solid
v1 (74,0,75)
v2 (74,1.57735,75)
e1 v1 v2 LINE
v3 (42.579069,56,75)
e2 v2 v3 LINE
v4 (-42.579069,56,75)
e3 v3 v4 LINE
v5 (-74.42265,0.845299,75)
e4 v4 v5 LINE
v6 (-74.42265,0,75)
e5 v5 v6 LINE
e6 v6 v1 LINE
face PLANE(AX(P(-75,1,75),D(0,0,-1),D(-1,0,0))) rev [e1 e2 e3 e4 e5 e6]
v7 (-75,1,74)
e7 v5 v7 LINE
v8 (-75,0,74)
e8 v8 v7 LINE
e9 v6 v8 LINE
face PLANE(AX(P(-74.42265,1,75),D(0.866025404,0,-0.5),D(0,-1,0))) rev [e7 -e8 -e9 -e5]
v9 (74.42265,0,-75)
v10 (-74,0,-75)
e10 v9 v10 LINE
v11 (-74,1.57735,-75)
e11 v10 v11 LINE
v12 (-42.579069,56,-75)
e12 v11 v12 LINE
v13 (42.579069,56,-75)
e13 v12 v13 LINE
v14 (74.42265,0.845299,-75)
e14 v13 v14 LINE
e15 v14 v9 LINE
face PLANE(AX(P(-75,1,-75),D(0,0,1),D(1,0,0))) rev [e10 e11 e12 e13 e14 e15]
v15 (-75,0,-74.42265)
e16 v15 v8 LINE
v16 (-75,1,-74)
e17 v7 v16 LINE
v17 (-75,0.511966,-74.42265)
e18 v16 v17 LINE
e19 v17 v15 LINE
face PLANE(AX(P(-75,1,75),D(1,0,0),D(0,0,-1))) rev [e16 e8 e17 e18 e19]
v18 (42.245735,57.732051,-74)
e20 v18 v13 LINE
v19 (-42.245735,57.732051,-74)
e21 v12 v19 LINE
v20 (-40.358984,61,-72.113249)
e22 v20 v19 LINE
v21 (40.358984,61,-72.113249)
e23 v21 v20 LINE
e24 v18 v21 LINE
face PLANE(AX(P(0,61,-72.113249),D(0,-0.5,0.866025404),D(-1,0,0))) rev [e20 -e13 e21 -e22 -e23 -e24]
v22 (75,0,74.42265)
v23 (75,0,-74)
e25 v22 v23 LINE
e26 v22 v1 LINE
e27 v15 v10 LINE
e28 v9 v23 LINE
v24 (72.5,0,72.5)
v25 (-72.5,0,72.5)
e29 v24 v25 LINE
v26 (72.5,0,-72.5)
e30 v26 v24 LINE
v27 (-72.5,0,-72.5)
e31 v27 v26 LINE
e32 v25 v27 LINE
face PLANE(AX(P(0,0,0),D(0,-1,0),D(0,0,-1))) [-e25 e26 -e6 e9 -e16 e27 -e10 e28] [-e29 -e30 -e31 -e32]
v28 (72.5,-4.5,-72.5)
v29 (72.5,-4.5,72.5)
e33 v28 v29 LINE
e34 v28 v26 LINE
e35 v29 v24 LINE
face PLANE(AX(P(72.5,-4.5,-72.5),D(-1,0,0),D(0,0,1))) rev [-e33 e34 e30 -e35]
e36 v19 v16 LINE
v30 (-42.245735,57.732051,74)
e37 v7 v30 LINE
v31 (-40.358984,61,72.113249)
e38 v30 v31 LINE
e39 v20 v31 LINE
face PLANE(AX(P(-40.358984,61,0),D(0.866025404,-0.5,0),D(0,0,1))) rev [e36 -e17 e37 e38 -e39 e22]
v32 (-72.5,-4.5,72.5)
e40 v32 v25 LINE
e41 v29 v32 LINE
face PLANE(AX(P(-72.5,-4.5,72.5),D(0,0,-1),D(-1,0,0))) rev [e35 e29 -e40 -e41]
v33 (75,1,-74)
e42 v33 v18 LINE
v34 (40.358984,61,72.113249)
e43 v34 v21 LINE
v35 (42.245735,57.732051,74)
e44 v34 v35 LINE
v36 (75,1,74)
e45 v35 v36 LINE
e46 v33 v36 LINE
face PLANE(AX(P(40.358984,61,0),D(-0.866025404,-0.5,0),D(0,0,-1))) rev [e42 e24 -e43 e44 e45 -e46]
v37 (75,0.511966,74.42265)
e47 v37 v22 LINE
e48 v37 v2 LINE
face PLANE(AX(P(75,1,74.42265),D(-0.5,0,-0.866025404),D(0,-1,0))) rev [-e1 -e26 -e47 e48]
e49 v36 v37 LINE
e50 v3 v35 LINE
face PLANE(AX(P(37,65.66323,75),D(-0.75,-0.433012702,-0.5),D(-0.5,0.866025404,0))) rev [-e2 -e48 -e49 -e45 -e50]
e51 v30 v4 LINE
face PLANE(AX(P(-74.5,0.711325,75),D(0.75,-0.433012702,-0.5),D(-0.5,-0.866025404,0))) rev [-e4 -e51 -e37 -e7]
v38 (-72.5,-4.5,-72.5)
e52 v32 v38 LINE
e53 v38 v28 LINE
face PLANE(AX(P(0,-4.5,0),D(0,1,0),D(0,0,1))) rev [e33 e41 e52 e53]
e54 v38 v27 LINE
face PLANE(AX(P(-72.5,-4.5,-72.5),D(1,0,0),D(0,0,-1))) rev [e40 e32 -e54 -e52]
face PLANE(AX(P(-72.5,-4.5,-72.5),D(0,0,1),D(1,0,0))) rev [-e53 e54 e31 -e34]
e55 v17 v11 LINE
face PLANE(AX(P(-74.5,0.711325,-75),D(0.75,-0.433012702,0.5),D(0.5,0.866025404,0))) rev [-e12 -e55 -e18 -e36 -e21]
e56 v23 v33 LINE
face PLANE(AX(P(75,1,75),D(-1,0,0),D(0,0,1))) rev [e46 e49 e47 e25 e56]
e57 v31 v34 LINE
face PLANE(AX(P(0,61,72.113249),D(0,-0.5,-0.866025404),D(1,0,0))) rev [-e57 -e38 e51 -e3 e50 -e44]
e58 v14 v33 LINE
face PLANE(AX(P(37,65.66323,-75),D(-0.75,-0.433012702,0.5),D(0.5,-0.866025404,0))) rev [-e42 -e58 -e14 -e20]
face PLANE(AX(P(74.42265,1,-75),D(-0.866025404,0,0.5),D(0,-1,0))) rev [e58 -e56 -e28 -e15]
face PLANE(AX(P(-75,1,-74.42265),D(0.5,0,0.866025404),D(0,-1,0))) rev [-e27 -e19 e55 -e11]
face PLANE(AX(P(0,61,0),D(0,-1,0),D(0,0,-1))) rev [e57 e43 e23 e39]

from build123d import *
from OCP.BRepFilletAPI import BRepFilletAPI_MakeChamfer

# Parameters (mm, degrees)
SKETCH1_W           = 150
SKETCH1_H           = 150
BOSS_EXTRUDE1_DEPTH = 1
SKETCH2_W           = 150
SKETCH2_H           = 150
BOSS_EXTRUDE2_DEPTH = 60
CHAMFER1_SIZE       = 60
CHAMFER1_SIZE2      = 34.641016151
CHAMFER2_SIZE       = 5
CHAMFER2_SIZE2      = 2.886751346
CHAMFER3_SIZE       = 1
CHAMFER3_SIZE2      = 0.577350269
CHAMFER4_SIZE       = 1
CHAMFER4_SIZE2      = 0.577350269
SKETCH3_W           = 145
SKETCH3_H           = 145
BOSS_EXTRUDE3_DEPTH = 4.5


with BuildPart() as part:
    # Sketch1 → Boss-Extrude1 (new body)
    with BuildSketch(Plane(origin=(0, 0, 0), x_dir=(1, 0, 0), z_dir=(0, 1, 0))):
        Rectangle(SKETCH1_W, SKETCH1_H)
    extrude(amount=BOSS_EXTRUDE1_DEPTH)

    # Sketch2 → Boss-Extrude2 (add)
    with BuildSketch(Plane(origin=(0, 1, 0), x_dir=(1, 0, 0), z_dir=(0, 1, 0))):
        Rectangle(SKETCH2_W, SKETCH2_H)
    extrude(amount=BOSS_EXTRUDE2_DEPTH)

    # Chamfer1: one chamfer whose edges measure the first distance from different faces: ONE call of the kernel's chamfer builder (chamfer() names one face for all edges)
    chamfer1_edges_1 = [part.edges().sort_by_distance(p)[0] for p in [
        (75, 61, 0),
    ]]
    chamfer1_side_1 = [part.faces().sort_by_distance(p)[0] for p in [
        (75, 30.5, 0),
    ]]
    chamfer1_edges_2 = [part.edges().sort_by_distance(p)[0] for p in [
        (-75, 61, 0),
    ]]
    chamfer1_side_2 = [part.faces().sort_by_distance(p)[0] for p in [
        (-75, 30.5, 0),
    ]]
    chamfer1 = BRepFilletAPI_MakeChamfer(part.part.solid().wrapped)
    for e in chamfer1_edges_1:
        chamfer1.Add(CHAMFER1_SIZE, CHAMFER1_SIZE2, e.wrapped, chamfer1_side_1[0].wrapped)  # the first distance lies on this face
    for e in chamfer1_edges_2:
        chamfer1.Add(CHAMFER1_SIZE, CHAMFER1_SIZE2, e.wrapped, chamfer1_side_2[0].wrapped)  # the first distance lies on this face
    add(Compound.cast(chamfer1.Shape()), mode=Mode.REPLACE)

    # Chamfer2: one chamfer whose edges measure the first distance from different faces: ONE call of the kernel's chamfer builder (chamfer() names one face for all edges)
    chamfer2_edges_1 = [part.edges().sort_by_distance(p)[0] for p in [
        (0, 61, -75),
    ]]
    chamfer2_side_1 = [part.faces().sort_by_distance(p)[0] for p in [
        (0, 27.413848587, -75),
    ]]
    chamfer2_edges_2 = [part.edges().sort_by_distance(p)[0] for p in [
        (0, 61, 75),
    ]]
    chamfer2_side_2 = [part.faces().sort_by_distance(p)[0] for p in [
        (0, 27.413848587, 75),
    ]]
    chamfer2 = BRepFilletAPI_MakeChamfer(part.part.solid().wrapped)
    for e in chamfer2_edges_1:
        chamfer2.Add(CHAMFER2_SIZE, CHAMFER2_SIZE2, e.wrapped, chamfer2_side_1[0].wrapped)  # the first distance lies on this face
    for e in chamfer2_edges_2:
        chamfer2.Add(CHAMFER2_SIZE, CHAMFER2_SIZE2, e.wrapped, chamfer2_side_2[0].wrapped)  # the first distance lies on this face
    add(Compound.cast(chamfer2.Shape()), mode=Mode.REPLACE)

    # Chamfer3: one chamfer whose edges measure the first distance from different faces: ONE call of the kernel's chamfer builder (chamfer() names one face for all edges)
    chamfer3_edges_1 = [part.edges().sort_by_distance(p)[0] for p in [
        (-75, 0.5, -75),
    ]]
    chamfer3_side_1 = [part.faces().sort_by_distance(p)[0] for p in [
        (0, 25.462591876, -75),
    ]]
    chamfer3_edges_2 = [part.edges().sort_by_distance(p)[0] for p in [
        (75, 0.5, -75),
    ]]
    chamfer3_side_2 = [part.faces().sort_by_distance(p)[0] for p in [
        (75, 0.5, 0),
    ]]
    chamfer3_edges_3 = [part.edges().sort_by_distance(p)[0] for p in [
        (75, 0.5, 75),
    ]]
    chamfer3_side_3 = [part.faces().sort_by_distance(p)[0] for p in [
        (0, 25.462591876, 75),
    ]]
    chamfer3_edges_4 = [part.edges().sort_by_distance(p)[0] for p in [
        (-75, 0.5, 75),
    ]]
    chamfer3_side_4 = [part.faces().sort_by_distance(p)[0] for p in [
        (-75, 0.5, 0),
    ]]
    chamfer3 = BRepFilletAPI_MakeChamfer(part.part.solid().wrapped)
    for e in chamfer3_edges_1:
        chamfer3.Add(CHAMFER3_SIZE, CHAMFER3_SIZE2, e.wrapped, chamfer3_side_1[0].wrapped)  # the first distance lies on this face
    for e in chamfer3_edges_2:
        chamfer3.Add(CHAMFER3_SIZE, CHAMFER3_SIZE2, e.wrapped, chamfer3_side_2[0].wrapped)  # the first distance lies on this face
    for e in chamfer3_edges_3:
        chamfer3.Add(CHAMFER3_SIZE, CHAMFER3_SIZE2, e.wrapped, chamfer3_side_3[0].wrapped)  # the first distance lies on this face
    for e in chamfer3_edges_4:
        chamfer3.Add(CHAMFER3_SIZE, CHAMFER3_SIZE2, e.wrapped, chamfer3_side_4[0].wrapped)  # the first distance lies on this face
    add(Compound.cast(chamfer3.Shape()), mode=Mode.REPLACE)

    # Chamfer4: one chamfer whose edges measure the first distance from different faces: ONE call of the kernel's chamfer builder (chamfer() names one face for all edges)
    chamfer4_edges_1 = [part.edges().sort_by_distance(p)[0] for p in [
        (-58.622867597, 29.366025404, -75),
        (-58.834192463, 29, 75),
    ]]
    chamfer4_side_1 = [part.faces().sort_by_distance(p)[0] for p in [
        (-57.703873012, 30.957770718, 7.84e-06),
    ]]
    chamfer4_edges_2 = [part.edges().sort_by_distance(p)[0] for p in [
        (58.834192463, 29, -75),
        (58.622867597, 29.366025404, 75),
    ]]
    chamfer4_side_2 = [part.faces().sort_by_distance(p)[0] for p in [
        (57.703873012, 30.957770718, -7.84e-06),
    ]]
    chamfer4 = BRepFilletAPI_MakeChamfer(part.part.solid().wrapped)
    for e in chamfer4_edges_1:
        chamfer4.Add(CHAMFER4_SIZE, CHAMFER4_SIZE2, e.wrapped, chamfer4_side_1[0].wrapped)  # the first distance lies on this face
    for e in chamfer4_edges_2:
        chamfer4.Add(CHAMFER4_SIZE, CHAMFER4_SIZE2, e.wrapped, chamfer4_side_2[0].wrapped)  # the first distance lies on this face
    add(Compound.cast(chamfer4.Shape()), mode=Mode.REPLACE)

    # Sketch3 → Boss-Extrude3 (add)
    with BuildSketch(Plane(origin=(0, 0, 0), x_dir=(-1, 0, 0), z_dir=(0, -1, 0))):
        Rectangle(SKETCH3_W, SKETCH3_H)
    extrude(amount=BOSS_EXTRUDE3_DEPTH)


solid = part.part
